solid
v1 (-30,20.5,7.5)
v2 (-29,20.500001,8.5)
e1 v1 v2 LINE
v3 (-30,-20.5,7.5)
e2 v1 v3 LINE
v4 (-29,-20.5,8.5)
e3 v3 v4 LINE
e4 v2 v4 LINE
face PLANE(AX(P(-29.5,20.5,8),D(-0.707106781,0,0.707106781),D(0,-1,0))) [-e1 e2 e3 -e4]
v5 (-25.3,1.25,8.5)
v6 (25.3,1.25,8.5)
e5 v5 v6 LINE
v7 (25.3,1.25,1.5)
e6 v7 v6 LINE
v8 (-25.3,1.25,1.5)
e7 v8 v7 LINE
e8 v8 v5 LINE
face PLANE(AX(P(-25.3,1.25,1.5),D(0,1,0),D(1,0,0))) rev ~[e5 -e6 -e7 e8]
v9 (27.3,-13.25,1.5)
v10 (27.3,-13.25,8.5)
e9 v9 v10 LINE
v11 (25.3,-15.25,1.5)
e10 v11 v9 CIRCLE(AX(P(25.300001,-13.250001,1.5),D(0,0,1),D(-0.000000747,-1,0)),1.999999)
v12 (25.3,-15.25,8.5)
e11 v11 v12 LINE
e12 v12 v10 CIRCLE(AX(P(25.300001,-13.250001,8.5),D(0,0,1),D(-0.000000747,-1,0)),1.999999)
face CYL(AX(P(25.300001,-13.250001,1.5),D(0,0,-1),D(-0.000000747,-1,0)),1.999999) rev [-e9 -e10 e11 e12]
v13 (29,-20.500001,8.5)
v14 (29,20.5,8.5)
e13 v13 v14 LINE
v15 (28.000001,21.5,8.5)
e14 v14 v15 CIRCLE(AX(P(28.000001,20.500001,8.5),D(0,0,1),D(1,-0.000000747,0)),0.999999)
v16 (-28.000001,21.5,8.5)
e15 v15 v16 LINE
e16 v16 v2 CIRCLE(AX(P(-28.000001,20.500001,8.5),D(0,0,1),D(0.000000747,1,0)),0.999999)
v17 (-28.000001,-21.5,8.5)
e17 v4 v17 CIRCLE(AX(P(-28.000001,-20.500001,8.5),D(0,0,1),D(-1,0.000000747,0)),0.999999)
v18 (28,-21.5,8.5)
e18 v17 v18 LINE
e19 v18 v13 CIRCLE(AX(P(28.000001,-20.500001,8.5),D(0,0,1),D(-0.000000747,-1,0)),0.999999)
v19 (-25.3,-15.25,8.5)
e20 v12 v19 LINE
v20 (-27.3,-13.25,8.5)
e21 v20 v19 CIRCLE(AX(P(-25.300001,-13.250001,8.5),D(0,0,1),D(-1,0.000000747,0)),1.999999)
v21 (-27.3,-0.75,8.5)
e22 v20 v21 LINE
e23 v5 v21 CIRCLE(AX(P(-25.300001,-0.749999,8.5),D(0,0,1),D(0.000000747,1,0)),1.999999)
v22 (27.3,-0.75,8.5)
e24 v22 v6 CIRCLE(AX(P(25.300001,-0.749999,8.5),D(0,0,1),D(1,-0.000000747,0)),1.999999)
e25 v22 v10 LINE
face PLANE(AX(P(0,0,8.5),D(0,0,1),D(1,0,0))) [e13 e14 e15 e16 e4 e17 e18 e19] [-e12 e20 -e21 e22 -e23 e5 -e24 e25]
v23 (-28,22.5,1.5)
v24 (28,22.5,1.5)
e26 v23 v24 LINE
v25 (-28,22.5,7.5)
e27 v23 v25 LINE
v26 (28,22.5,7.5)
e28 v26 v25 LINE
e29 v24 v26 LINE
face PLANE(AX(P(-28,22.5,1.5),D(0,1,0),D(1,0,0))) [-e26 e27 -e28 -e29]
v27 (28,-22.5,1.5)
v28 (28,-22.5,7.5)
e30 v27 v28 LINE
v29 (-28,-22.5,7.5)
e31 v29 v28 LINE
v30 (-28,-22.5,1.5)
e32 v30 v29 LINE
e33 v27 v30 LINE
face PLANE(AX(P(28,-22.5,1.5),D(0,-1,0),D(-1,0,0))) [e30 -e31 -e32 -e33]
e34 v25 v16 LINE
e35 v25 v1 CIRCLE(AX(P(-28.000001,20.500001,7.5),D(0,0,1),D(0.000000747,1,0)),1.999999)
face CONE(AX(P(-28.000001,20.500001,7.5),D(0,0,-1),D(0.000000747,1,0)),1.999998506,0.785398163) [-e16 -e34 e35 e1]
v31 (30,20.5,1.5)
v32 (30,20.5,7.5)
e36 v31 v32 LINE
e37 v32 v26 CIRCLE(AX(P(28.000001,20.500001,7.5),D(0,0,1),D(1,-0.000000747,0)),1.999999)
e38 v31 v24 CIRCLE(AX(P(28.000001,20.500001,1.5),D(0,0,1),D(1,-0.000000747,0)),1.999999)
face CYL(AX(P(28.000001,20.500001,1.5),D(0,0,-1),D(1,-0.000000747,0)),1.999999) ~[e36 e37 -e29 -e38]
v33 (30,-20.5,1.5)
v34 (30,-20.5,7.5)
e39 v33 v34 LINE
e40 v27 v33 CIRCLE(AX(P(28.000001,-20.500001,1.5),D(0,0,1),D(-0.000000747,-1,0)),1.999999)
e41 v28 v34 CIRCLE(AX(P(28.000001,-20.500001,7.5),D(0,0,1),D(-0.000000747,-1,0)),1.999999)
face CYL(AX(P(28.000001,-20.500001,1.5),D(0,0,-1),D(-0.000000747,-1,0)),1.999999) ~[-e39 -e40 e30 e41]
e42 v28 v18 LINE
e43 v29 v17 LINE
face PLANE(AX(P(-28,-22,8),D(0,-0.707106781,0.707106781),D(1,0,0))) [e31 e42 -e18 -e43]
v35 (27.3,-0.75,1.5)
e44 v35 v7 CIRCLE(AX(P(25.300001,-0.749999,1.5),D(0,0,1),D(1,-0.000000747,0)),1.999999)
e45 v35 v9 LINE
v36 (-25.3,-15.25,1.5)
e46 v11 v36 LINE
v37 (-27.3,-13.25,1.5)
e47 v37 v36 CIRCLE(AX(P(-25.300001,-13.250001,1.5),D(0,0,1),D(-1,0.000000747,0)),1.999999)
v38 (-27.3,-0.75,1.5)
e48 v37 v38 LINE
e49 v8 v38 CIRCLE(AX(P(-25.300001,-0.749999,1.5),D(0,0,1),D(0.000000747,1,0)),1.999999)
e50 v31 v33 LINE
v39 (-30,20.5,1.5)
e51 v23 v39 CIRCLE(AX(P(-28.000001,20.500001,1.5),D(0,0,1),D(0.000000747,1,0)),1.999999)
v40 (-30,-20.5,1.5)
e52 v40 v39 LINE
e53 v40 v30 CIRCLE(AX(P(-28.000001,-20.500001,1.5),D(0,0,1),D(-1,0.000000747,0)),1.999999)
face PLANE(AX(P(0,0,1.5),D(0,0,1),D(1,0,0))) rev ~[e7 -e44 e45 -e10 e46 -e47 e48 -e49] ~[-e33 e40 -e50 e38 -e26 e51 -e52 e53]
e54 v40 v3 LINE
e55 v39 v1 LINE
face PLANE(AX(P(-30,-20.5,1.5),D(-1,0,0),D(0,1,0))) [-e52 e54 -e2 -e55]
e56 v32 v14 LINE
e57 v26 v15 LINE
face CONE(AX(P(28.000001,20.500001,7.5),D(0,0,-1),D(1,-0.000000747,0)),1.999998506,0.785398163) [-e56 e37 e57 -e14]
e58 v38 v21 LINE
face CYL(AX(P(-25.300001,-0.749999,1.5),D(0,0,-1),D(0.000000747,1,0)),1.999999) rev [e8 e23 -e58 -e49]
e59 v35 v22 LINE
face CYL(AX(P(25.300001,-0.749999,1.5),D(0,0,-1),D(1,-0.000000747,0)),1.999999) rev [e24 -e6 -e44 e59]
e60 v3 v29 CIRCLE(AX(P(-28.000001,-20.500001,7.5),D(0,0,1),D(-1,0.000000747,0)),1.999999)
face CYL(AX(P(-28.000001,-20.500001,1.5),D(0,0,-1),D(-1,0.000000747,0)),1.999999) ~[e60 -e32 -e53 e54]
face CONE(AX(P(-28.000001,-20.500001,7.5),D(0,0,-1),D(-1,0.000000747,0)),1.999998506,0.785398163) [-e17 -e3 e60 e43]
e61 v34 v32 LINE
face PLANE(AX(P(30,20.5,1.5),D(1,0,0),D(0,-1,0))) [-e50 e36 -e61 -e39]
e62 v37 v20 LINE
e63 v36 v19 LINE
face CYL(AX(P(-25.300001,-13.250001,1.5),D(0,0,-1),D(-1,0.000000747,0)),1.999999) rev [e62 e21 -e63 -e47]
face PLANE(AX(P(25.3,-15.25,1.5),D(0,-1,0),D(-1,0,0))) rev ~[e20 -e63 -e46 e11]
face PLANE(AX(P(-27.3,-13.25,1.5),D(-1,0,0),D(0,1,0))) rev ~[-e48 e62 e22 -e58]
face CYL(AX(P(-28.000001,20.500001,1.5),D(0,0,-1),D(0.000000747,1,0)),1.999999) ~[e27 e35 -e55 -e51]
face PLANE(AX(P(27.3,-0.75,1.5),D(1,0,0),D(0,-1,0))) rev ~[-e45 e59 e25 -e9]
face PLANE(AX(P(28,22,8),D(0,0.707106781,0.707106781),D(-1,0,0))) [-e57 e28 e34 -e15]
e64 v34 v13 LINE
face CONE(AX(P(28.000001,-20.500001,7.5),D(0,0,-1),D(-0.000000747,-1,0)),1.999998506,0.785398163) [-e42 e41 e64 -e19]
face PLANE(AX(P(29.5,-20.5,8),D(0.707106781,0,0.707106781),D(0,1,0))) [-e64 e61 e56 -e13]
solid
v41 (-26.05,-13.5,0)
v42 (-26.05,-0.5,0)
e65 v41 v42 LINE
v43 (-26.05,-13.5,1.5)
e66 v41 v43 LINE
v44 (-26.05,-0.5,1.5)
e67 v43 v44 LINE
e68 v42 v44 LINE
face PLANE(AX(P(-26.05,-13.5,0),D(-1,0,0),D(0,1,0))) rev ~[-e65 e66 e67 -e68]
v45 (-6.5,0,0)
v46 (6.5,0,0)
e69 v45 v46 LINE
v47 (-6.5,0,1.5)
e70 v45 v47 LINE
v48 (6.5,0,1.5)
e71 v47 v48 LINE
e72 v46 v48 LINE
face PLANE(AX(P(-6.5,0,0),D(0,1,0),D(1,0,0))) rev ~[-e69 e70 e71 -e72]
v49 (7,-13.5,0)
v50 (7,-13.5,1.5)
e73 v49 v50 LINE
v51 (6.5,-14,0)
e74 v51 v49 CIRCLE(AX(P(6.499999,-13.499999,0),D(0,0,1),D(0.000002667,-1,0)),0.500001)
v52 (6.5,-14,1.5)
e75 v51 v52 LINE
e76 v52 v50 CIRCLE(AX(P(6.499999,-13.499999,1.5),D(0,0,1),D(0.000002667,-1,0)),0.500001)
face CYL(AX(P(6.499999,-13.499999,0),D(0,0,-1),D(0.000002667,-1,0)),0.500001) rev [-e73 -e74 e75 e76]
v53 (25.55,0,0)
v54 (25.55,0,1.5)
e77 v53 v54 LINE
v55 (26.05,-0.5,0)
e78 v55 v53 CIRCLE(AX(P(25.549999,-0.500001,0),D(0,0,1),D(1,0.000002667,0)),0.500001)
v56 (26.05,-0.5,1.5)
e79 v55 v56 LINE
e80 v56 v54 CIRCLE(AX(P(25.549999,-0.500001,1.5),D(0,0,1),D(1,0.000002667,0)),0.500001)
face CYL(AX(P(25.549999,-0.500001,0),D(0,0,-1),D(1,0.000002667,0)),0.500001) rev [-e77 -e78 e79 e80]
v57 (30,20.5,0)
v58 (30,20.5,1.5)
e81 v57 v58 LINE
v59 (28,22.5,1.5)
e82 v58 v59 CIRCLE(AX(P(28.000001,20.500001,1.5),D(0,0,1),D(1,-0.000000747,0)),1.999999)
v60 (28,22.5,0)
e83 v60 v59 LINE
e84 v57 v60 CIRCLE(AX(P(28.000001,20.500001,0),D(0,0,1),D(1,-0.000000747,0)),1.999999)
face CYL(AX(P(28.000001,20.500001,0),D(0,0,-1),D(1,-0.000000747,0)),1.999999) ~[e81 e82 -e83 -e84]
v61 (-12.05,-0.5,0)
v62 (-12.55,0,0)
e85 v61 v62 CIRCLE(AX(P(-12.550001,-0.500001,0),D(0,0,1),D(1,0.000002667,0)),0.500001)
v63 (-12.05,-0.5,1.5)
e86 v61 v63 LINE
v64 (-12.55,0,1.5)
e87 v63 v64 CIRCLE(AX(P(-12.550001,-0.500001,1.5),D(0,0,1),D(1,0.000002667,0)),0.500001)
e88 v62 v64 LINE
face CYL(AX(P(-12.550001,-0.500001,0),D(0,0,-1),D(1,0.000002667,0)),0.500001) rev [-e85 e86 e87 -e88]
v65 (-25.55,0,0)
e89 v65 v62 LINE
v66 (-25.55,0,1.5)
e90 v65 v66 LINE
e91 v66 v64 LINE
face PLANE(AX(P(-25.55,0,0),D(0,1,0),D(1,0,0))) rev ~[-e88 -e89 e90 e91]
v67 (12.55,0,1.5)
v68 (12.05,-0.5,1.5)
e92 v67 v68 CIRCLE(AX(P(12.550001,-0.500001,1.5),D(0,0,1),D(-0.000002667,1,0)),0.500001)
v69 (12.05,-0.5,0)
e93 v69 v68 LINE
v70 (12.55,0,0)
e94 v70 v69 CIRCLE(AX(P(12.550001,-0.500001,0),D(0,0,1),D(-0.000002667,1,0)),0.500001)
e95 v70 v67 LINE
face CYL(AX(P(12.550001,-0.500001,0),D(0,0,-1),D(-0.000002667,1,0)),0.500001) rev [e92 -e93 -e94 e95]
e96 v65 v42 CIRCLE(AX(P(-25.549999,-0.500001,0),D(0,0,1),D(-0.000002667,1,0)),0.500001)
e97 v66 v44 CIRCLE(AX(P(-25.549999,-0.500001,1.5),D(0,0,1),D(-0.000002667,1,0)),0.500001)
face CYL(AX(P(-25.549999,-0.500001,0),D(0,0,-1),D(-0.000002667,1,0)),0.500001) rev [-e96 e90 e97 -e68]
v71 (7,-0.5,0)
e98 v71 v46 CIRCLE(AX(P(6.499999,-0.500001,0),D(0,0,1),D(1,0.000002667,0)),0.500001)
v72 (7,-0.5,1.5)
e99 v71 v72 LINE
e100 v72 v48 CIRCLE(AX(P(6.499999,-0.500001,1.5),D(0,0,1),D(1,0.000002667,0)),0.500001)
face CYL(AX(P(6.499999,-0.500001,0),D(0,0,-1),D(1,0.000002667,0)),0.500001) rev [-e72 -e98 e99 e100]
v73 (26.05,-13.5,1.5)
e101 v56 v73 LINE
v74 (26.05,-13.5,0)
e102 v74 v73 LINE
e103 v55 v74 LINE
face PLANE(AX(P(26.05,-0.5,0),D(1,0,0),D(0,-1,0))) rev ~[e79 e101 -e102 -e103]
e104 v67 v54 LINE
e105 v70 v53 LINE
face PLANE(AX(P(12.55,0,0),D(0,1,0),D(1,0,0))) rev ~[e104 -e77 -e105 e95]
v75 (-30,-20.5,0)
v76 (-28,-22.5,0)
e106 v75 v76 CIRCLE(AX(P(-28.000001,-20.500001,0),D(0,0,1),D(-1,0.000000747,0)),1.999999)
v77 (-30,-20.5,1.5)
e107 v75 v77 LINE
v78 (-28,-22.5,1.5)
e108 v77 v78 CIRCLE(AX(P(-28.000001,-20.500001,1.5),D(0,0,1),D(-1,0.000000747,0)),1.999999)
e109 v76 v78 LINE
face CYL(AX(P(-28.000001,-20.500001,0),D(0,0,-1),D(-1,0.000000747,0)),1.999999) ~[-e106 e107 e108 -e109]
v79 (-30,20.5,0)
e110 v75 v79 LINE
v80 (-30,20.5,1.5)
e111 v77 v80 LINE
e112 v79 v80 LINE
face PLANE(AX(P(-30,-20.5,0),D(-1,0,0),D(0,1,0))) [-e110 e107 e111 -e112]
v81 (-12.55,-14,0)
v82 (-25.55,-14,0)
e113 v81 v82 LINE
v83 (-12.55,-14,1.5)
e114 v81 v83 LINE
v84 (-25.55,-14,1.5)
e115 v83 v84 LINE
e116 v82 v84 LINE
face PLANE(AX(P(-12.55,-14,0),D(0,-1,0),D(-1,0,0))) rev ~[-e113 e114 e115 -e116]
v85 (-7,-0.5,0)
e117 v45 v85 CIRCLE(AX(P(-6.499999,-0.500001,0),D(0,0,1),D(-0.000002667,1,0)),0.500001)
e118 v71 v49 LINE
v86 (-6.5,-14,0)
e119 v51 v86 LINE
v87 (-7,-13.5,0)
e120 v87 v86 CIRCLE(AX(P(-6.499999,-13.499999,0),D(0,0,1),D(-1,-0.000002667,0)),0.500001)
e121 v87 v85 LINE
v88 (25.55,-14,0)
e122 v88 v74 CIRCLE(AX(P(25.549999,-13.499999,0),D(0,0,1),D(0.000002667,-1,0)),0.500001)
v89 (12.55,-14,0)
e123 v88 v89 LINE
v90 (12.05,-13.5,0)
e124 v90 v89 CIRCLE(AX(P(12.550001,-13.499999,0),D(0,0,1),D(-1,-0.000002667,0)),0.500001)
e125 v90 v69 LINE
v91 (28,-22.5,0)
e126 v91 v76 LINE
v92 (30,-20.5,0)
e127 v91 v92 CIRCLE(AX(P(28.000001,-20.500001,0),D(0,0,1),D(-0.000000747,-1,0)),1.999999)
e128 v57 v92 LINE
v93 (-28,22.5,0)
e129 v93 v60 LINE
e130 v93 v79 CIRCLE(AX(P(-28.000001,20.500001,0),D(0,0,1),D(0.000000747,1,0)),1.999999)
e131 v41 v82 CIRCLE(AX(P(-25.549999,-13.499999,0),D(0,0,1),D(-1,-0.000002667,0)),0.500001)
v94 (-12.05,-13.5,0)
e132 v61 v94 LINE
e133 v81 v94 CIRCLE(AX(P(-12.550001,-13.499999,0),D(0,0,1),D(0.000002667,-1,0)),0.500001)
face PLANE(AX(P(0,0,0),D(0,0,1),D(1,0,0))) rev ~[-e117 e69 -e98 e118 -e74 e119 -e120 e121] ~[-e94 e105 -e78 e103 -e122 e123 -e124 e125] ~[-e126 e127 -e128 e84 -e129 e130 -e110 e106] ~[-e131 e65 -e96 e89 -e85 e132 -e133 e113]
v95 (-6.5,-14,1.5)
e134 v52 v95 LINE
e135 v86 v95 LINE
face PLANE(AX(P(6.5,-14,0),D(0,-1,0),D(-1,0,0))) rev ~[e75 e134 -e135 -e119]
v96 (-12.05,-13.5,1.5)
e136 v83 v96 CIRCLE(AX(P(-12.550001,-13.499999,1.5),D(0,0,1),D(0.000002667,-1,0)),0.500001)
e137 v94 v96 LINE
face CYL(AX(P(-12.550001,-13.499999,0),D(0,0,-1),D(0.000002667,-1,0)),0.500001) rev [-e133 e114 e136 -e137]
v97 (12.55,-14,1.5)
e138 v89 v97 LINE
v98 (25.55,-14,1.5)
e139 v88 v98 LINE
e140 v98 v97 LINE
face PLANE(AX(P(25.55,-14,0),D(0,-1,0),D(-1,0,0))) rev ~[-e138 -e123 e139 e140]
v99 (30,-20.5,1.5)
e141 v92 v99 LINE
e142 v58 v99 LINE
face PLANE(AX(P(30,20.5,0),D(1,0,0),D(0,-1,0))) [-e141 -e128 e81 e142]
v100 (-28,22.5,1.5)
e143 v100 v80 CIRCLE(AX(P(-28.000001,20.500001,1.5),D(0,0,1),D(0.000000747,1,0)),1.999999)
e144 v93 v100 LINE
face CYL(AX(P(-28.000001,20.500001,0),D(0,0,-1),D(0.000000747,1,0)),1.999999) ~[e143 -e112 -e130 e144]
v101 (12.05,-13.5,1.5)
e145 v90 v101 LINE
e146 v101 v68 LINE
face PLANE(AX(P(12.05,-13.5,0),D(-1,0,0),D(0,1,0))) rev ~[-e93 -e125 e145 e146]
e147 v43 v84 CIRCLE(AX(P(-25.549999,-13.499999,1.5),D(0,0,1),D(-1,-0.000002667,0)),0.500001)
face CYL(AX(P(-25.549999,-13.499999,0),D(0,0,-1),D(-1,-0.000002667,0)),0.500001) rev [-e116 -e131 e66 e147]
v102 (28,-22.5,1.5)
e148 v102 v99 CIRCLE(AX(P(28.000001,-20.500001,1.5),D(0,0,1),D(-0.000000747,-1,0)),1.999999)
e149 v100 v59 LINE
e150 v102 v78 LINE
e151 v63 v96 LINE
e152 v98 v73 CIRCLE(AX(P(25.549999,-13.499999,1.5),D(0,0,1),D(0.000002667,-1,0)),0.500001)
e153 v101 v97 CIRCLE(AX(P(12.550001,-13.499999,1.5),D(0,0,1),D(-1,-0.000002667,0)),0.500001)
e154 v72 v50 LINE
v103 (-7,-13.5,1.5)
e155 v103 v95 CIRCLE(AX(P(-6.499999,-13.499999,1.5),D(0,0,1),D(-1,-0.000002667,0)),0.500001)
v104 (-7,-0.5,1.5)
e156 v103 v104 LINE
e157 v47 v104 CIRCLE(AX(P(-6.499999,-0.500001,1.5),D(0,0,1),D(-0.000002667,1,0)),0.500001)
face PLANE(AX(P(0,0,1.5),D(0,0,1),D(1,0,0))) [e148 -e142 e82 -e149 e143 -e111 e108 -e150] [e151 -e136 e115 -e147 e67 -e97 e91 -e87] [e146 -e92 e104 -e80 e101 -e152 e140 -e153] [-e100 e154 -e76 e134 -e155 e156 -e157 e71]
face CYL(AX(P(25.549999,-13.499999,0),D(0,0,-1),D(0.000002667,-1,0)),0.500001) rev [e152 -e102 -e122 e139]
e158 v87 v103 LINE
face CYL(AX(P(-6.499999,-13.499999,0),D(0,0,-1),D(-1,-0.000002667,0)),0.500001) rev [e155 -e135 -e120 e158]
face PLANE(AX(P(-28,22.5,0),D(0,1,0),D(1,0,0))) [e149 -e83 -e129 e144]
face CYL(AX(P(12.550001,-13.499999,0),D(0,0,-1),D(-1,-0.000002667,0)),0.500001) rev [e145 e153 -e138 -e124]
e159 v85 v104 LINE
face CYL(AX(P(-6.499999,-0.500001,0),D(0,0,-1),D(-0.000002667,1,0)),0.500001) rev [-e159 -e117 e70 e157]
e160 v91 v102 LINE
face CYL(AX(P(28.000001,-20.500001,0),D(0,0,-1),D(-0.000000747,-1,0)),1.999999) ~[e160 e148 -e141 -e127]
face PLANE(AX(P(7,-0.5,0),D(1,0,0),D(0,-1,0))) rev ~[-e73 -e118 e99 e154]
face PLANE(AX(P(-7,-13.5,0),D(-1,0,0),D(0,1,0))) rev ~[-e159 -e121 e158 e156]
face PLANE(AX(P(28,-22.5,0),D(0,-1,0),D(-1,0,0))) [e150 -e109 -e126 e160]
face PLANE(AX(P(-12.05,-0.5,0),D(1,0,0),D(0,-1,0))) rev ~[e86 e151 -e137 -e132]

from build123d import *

# Parameters (mm, degrees)
EXTRUDE_DEPTH    = 1.5
EXTRUDE001_DEPTH = 7
CHAMFER_SIZE     = 1


with BuildPart() as top_plate:
    # Sketch → Extrude (new body)
    with BuildSketch(Plane.XY):
        with BuildLine():
            ThreePointArc((-28, 22.5), (-29.414214, 21.914214), (-30, 20.5))
            Line((-30, -20.5), (-30, 20.5))
            ThreePointArc((-30, -20.5), (-29.414214, -21.914214), (-28, -22.5))
            Line((28, -22.5), (-28, -22.5))
            ThreePointArc((28, -22.5), (29.414214, -21.914214), (30, -20.5))
            Line((30, 20.5), (30, -20.5))
            ThreePointArc((30, 20.5), (29.414214, 21.914214), (28, 22.5))
            Line((-28, 22.5), (28, 22.5))
        make_face()
        with BuildLine():
            ThreePointArc((-6.5, 0), (-6.853553, -0.146447), (-7, -0.5))
            Line((-7, -13.5), (-7, -0.5))
            ThreePointArc((-7, -13.5), (-6.853553, -13.853553), (-6.5, -14))
            Line((6.5, -14), (-6.5, -14))
            ThreePointArc((6.5, -14), (6.853553, -13.853553), (7, -13.5))
            Line((7, -0.5), (7, -13.5))
            ThreePointArc((7, -0.5), (6.853553, -0.146447), (6.5, 0))
            Line((-6.5, 0), (6.5, 0))
        make_face(mode=Mode.SUBTRACT)
        with BuildLine():
            ThreePointArc((-25.55, 0), (-25.903553, -0.146447), (-26.05, -0.5))
            Line((-26.05, -13.5), (-26.05, -0.5))
            ThreePointArc((-26.05, -13.5), (-25.903553, -13.853553), (-25.55, -14))
            Line((-12.55, -14), (-25.55, -14))
            ThreePointArc((-12.55, -14), (-12.196447, -13.853553), (-12.05, -13.5))
            Line((-12.05, -0.5), (-12.05, -13.5))
            ThreePointArc((-12.05, -0.5), (-12.196447, -0.146447), (-12.55, 0))
            Line((-25.55, 0), (-12.55, 0))
        make_face(mode=Mode.SUBTRACT)
        with BuildLine():
            ThreePointArc((12.55, 0), (12.196447, -0.146447), (12.05, -0.5))
            Line((12.05, -13.5), (12.05, -0.5))
            ThreePointArc((12.05, -13.5), (12.196447, -13.853553), (12.55, -14))
            Line((25.55, -14), (12.55, -14))
            ThreePointArc((25.55, -14), (25.903553, -13.853553), (26.05, -13.5))
            Line((26.05, -0.5), (26.05, -13.5))
            ThreePointArc((26.05, -0.5), (25.903553, -0.146447), (25.55, 0))
            Line((12.55, 0), (25.55, 0))
        make_face(mode=Mode.SUBTRACT)
    extrude(amount=EXTRUDE_DEPTH)


with BuildPart() as top_shroud_chamfered:
    # Sketch001 (on Face34 of Extrude) → Extrude001 (new body)
    with BuildSketch(Plane.XY.offset(1.5)):
        with BuildLine():
            ThreePointArc((-28, 22.5), (-29.414214, 21.914214), (-30, 20.5))
            Line((-30, -20.5), (-30, 20.5))
            ThreePointArc((-30, -20.5), (-29.414214, -21.914214), (-28, -22.5))
            Line((28, -22.5), (-28, -22.5))
            ThreePointArc((28, -22.5), (29.414214, -21.914214), (30, -20.5))
            Line((30, 20.5), (30, -20.5))
            ThreePointArc((30, 20.5), (29.414214, 21.914214), (28, 22.5))
            Line((-28, 22.5), (28, 22.5))
        make_face()
        with BuildLine():
            ThreePointArc((-25.3, 1.25), (-26.714214, 0.664214), (-27.3, -0.75))
            Line((-27.3, -13.25), (-27.3, -0.75))
            ThreePointArc((-27.3, -13.25), (-26.714214, -14.664214), (-25.3, -15.25))
            Line((25.3, -15.25), (-25.3, -15.25))
            ThreePointArc((25.3, -15.25), (26.714214, -14.664214), (27.3, -13.25))
            Line((27.3, -0.75), (27.3, -13.25))
            ThreePointArc((27.3, -0.75), (26.714214, 0.664214), (25.3, 1.25))
            Line((-25.3, 1.25), (25.3, 1.25))
        make_face(mode=Mode.SUBTRACT)
    extrude(amount=EXTRUDE001_DEPTH)

    # Chamfer
    chamfer_edges = [top_shroud_chamfered.edges().sort_by_distance(p)[0] for p in [
        (-29.414214, 21.914214, 8.5),
        (-30, 0, 8.5),
        (-29.414214, -21.914214, 8.5),
        (0, -22.5, 8.5),
        (29.414214, -21.914214, 8.5),
        (30, 0, 8.5),
        (29.414214, 21.914214, 8.5),
        (0, 22.5, 8.5),
    ]]
    chamfer(chamfer_edges, length=CHAMFER_SIZE)


solid = Compound([top_plate.part, top_shroud_chamfered.part])
